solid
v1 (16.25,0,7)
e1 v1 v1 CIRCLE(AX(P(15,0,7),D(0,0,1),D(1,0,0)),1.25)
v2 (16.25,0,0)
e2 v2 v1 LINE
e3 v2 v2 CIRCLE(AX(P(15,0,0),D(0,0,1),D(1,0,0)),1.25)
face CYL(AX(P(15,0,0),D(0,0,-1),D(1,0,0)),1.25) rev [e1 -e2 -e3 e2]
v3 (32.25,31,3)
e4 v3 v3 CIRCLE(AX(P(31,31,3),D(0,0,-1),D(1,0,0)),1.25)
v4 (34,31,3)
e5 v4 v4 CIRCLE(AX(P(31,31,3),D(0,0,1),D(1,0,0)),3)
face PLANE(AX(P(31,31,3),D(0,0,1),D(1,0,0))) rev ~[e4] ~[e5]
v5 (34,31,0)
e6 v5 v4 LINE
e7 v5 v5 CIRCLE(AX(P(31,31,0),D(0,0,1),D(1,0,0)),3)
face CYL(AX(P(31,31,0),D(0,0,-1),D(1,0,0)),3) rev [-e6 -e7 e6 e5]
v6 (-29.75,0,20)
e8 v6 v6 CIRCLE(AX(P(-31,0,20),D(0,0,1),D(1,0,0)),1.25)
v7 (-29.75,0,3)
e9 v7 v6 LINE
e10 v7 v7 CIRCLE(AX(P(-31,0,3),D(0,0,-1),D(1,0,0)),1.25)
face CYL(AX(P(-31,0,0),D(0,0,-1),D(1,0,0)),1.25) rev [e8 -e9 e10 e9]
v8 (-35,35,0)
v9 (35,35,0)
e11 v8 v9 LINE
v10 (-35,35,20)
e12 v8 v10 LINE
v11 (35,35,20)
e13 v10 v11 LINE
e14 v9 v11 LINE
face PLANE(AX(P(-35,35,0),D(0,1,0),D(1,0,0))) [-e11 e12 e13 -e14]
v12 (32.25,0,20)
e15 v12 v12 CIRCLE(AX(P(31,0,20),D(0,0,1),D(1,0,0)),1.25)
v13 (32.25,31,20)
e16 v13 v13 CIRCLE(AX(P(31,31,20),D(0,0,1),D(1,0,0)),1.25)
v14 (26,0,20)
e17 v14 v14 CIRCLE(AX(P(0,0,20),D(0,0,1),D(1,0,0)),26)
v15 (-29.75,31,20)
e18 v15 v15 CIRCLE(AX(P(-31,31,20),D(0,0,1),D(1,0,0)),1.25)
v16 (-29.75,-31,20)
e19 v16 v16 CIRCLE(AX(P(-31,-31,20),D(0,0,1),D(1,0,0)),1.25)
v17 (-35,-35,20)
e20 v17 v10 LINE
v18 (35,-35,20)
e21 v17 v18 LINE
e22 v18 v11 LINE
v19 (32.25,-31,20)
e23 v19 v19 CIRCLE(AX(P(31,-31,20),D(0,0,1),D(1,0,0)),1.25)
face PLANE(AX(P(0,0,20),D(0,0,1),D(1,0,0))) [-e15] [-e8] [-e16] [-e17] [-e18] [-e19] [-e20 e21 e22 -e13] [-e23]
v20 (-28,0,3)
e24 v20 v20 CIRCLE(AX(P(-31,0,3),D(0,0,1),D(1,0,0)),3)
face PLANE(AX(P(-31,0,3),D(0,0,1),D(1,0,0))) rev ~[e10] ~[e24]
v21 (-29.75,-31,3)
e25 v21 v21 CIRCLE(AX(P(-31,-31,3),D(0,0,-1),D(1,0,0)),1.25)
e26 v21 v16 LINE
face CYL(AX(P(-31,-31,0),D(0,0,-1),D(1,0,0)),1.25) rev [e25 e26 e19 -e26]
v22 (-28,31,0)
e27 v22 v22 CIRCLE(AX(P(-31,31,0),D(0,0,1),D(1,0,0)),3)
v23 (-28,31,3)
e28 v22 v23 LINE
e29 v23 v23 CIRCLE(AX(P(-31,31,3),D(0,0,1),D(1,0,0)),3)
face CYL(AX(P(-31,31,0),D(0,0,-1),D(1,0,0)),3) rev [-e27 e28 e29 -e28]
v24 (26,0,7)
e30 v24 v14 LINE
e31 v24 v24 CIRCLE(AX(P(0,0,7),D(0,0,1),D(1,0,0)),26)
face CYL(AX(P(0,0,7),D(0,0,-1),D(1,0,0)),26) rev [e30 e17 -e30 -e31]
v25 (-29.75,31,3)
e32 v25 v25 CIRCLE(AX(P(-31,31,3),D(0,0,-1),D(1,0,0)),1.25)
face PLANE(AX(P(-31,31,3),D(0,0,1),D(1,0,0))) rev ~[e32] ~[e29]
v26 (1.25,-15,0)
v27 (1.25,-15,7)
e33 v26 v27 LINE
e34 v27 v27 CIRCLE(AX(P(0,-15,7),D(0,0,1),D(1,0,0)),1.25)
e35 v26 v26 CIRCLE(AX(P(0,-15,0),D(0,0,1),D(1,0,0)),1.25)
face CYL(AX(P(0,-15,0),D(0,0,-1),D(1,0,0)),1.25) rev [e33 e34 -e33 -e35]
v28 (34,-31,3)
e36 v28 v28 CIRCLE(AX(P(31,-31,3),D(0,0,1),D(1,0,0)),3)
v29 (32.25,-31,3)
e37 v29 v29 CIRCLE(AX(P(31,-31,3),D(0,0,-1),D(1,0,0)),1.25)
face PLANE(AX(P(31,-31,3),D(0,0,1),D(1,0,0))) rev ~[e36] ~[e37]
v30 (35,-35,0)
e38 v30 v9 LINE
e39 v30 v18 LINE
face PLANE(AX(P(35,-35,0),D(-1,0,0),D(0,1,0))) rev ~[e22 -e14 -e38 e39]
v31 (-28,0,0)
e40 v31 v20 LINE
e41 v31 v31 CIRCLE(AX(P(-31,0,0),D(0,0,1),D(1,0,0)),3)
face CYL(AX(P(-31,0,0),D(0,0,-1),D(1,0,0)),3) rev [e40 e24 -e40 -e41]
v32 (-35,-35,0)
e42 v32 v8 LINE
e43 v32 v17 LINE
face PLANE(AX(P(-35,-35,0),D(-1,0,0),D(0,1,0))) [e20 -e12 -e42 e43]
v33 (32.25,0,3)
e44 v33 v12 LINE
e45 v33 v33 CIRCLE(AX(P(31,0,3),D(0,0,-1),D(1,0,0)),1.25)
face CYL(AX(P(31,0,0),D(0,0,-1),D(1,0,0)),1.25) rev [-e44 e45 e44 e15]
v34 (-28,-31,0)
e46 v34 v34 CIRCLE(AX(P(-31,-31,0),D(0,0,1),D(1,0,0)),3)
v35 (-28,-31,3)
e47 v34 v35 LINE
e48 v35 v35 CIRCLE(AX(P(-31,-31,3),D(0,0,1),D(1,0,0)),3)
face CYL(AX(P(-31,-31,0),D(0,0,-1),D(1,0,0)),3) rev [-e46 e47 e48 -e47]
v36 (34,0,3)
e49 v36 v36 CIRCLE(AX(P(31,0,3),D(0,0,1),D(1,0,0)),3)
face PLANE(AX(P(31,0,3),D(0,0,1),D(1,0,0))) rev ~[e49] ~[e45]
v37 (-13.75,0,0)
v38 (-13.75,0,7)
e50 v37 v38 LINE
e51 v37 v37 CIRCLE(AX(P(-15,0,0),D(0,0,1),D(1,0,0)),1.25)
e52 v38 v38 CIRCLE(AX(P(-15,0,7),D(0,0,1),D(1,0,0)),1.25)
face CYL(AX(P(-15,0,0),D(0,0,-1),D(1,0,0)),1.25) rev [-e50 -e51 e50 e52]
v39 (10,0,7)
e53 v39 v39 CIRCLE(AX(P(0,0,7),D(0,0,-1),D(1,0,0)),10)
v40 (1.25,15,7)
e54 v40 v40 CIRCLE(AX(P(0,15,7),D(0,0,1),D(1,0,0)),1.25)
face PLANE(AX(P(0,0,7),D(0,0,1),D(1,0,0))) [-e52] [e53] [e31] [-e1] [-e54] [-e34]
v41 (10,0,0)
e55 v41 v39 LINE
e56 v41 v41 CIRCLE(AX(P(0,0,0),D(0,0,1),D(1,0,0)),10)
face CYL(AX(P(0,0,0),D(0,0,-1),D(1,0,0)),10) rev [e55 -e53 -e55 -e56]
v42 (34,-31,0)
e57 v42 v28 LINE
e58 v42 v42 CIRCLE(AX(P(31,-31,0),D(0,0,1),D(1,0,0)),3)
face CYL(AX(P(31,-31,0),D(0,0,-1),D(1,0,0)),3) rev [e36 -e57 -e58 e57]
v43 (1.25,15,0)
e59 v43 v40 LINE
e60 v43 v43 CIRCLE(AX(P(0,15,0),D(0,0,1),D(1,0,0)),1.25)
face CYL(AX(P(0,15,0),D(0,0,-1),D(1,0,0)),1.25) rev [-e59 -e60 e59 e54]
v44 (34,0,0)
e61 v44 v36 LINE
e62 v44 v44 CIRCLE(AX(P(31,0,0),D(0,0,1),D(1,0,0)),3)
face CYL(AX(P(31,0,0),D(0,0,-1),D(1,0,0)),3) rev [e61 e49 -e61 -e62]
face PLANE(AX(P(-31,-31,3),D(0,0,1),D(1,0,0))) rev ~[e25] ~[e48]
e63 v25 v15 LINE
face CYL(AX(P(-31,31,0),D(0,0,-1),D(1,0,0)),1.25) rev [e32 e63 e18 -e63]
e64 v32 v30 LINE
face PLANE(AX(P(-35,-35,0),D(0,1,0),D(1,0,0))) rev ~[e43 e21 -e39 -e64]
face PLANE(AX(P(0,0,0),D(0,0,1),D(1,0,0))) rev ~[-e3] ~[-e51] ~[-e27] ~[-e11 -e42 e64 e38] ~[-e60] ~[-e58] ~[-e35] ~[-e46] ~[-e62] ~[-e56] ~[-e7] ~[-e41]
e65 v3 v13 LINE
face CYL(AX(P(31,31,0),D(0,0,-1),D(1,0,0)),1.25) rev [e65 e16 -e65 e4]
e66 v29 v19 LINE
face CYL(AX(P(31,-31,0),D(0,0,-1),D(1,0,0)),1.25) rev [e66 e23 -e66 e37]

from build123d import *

# Parameters (mm, degrees)
CYLINDER009_R     = 1.25
CYLINDER009_DEPTH = 20
CYLINDER010_R     = 1.25
CYLINDER010_DEPTH = 20
CYLINDER008_R     = 1.25
CYLINDER008_DEPTH = 20
CYLINDER011_R     = 1.25
CYLINDER011_DEPTH = 20
CYLINDER007_R     = 1.25
CYLINDER007_DEPTH = 20
CYLINDER006_R     = 1.25
CYLINDER006_DEPTH = 20
CYLINDER013_R     = 3
CYLINDER013_DEPTH = 3
CYLINDER017_R     = 3
CYLINDER017_DEPTH = 3
CYLINDER014_R     = 3
CYLINDER014_DEPTH = 3
CYLINDER015_R     = 3
CYLINDER015_DEPTH = 3
CYLINDER016_R     = 3
CYLINDER016_DEPTH = 3
CYLINDER012_R     = 3
CYLINDER012_DEPTH = 3
CYLINDER003_R     = 1.25
CYLINDER003_DEPTH = 7
CYLINDER005_R     = 1.25
CYLINDER005_DEPTH = 7
CYLINDER004_R     = 1.25
CYLINDER004_DEPTH = 7
CYLINDER002_R     = 1.25
CYLINDER002_DEPTH = 7
CYLINDER001_R     = 26
CYLINDER001_DEPTH = 13
CYLINDER_R        = 10
CYLINDER_DEPTH    = 20
BOX_W             = 70
BOX_H             = 70
BOX_DEPTH         = 20


with BuildPart() as zylinder009:
    # Cylinder009 → Cylinder009 (new body)
    with BuildSketch(Plane(origin=(-31, 31, 0), x_dir=(1, 0, 0), z_dir=(0, 0, 1))):
        Circle(CYLINDER009_R)
    extrude(amount=CYLINDER009_DEPTH)


with BuildPart() as zylinder010:
    # Cylinder010 → Cylinder010 (new body)
    with BuildSketch(Plane(origin=(-31, -31, 0), x_dir=(1, 0, 0), z_dir=(0, 0, 1))):
        Circle(CYLINDER010_R)
    extrude(amount=CYLINDER010_DEPTH)


with BuildPart() as zylinder008:
    # Cylinder008 → Cylinder008 (new body)
    with BuildSketch(Plane(origin=(31, -31, 0), x_dir=(1, 0, 0), z_dir=(0, 0, 1))):
        Circle(CYLINDER008_R)
    extrude(amount=CYLINDER008_DEPTH)


with BuildPart() as zylinder011:
    # Cylinder011 → Cylinder011 (new body)
    with BuildSketch(Plane(origin=(-31, 0, 0), x_dir=(1, 0, 0), z_dir=(0, 0, 1))):
        Circle(CYLINDER011_R)
    extrude(amount=CYLINDER011_DEPTH)


with BuildPart() as zylinder007:
    # Cylinder007 → Cylinder007 (new body)
    with BuildSketch(Plane(origin=(31, 0, 0), x_dir=(1, 0, 0), z_dir=(0, 0, 1))):
        Circle(CYLINDER007_R)
    extrude(amount=CYLINDER007_DEPTH)


with BuildPart() as fusion002:
    # Cylinder006 → Cylinder006 (new body)
    with BuildSketch(Plane(origin=(31, 31, 0), x_dir=(1, 0, 0), z_dir=(0, 0, 1))):
        Circle(CYLINDER006_R)
    extrude(amount=CYLINDER006_DEPTH)

    # Fusion002: union Zylinder009, Zylinder010, Zylinder008, Zylinder011, Zylinder007
    add(zylinder009.part)
    add(zylinder010.part)
    add(zylinder008.part)
    add(zylinder011.part)
    add(zylinder007.part)


with BuildPart() as zylinder013:
    # Cylinder013 → Cylinder013 (new body)
    with BuildSketch(Plane(origin=(-31, 31, 0), x_dir=(1, 0, 0), z_dir=(0, 0, 1))):
        Circle(CYLINDER013_R)
    extrude(amount=CYLINDER013_DEPTH)


with BuildPart() as zylinder017:
    # Cylinder017 → Cylinder017 (new body)
    with BuildSketch(Plane(origin=(-31, 0, 0), x_dir=(1, 0, 0), z_dir=(0, 0, 1))):
        Circle(CYLINDER017_R)
    extrude(amount=CYLINDER017_DEPTH)


with BuildPart() as zylinder014:
    # Cylinder014 → Cylinder014 (new body)
    with BuildSketch(Plane(origin=(-31, -31, 0), x_dir=(1, 0, 0), z_dir=(0, 0, 1))):
        Circle(CYLINDER014_R)
    extrude(amount=CYLINDER014_DEPTH)


with BuildPart() as zylinder015:
    # Cylinder015 → Cylinder015 (new body)
    with BuildSketch(Plane(origin=(31, -31, 0), x_dir=(1, 0, 0), z_dir=(0, 0, 1))):
        Circle(CYLINDER015_R)
    extrude(amount=CYLINDER015_DEPTH)


with BuildPart() as zylinder016:
    # Cylinder016 → Cylinder016 (new body)
    with BuildSketch(Plane(origin=(31, 0, 0), x_dir=(1, 0, 0), z_dir=(0, 0, 1))):
        Circle(CYLINDER016_R)
    extrude(amount=CYLINDER016_DEPTH)


with BuildPart() as fusion003:
    # Cylinder012 → Cylinder012 (new body)
    with BuildSketch(Plane(origin=(31, 31, 0), x_dir=(1, 0, 0), z_dir=(0, 0, 1))):
        Circle(CYLINDER012_R)
    extrude(amount=CYLINDER012_DEPTH)

    # Fusion001: union Zylinder013, Zylinder017, Zylinder014, Zylinder015, Zylinder016
    add(zylinder013.part)
    add(zylinder017.part)
    add(zylinder014.part)
    add(zylinder015.part)
    add(zylinder016.part)

    # Fusion003: union Fusion002
    add(fusion002.part)


with BuildPart() as zylinder003:
    # Cylinder003 → Cylinder003 (new body)
    with BuildSketch(Plane(origin=(-15, 0, 0), x_dir=(1, 0, 0), z_dir=(0, 0, 1))):
        Circle(CYLINDER003_R)
    extrude(amount=CYLINDER003_DEPTH)


with BuildPart() as zylinder005:
    # Cylinder005 → Cylinder005 (new body)
    with BuildSketch(Plane(origin=(0, -15, 0), x_dir=(1, 0, 0), z_dir=(0, 0, 1))):
        Circle(CYLINDER005_R)
    extrude(amount=CYLINDER005_DEPTH)


with BuildPart() as zylinder004:
    # Cylinder004 → Cylinder004 (new body)
    with BuildSketch(Plane(origin=(0, 15, 0), x_dir=(1, 0, 0), z_dir=(0, 0, 1))):
        Circle(CYLINDER004_R)
    extrude(amount=CYLINDER004_DEPTH)


with BuildPart() as fusion:
    # Cylinder002 → Cylinder002 (new body)
    with BuildSketch(Plane(origin=(15, 0, 0), x_dir=(1, 0, 0), z_dir=(0, 0, 1))):
        Circle(CYLINDER002_R)
    extrude(amount=CYLINDER002_DEPTH)

    # Fusion: union Zylinder003, Zylinder005, Zylinder004
    add(zylinder003.part)
    add(zylinder005.part)
    add(zylinder004.part)


with BuildPart() as zylinder001:
    # Cylinder001 → Cylinder001 (new body)
    with BuildSketch(Plane.XY.offset(7)):
        Circle(CYLINDER001_R)
    extrude(amount=CYLINDER001_DEPTH)


with BuildPart() as zylinder:
    # Cylinder → Cylinder (new body)
    with BuildSketch(Plane.XY):
        Circle(CYLINDER_R)
    extrude(amount=CYLINDER_DEPTH)


with BuildPart() as cut003:
    # Box → Box (new body)
    with BuildSketch(Plane(origin=(-35, -35, 0), x_dir=(1, 0, 0), z_dir=(0, 0, 1))):
        with Locations((35, 35)):
            Rectangle(BOX_W, BOX_H)
    extrude(amount=BOX_DEPTH)

    # Cut: cut Zylinder
    add(zylinder.part, mode=Mode.SUBTRACT)

    # Cut001: cut Zylinder001
    add(zylinder001.part, mode=Mode.SUBTRACT)

    # Cut002: cut Fusion
    add(fusion.part, mode=Mode.SUBTRACT)

    # Cut003: cut Fusion003
    add(fusion003.part, mode=Mode.SUBTRACT)


solid = cut003.part
